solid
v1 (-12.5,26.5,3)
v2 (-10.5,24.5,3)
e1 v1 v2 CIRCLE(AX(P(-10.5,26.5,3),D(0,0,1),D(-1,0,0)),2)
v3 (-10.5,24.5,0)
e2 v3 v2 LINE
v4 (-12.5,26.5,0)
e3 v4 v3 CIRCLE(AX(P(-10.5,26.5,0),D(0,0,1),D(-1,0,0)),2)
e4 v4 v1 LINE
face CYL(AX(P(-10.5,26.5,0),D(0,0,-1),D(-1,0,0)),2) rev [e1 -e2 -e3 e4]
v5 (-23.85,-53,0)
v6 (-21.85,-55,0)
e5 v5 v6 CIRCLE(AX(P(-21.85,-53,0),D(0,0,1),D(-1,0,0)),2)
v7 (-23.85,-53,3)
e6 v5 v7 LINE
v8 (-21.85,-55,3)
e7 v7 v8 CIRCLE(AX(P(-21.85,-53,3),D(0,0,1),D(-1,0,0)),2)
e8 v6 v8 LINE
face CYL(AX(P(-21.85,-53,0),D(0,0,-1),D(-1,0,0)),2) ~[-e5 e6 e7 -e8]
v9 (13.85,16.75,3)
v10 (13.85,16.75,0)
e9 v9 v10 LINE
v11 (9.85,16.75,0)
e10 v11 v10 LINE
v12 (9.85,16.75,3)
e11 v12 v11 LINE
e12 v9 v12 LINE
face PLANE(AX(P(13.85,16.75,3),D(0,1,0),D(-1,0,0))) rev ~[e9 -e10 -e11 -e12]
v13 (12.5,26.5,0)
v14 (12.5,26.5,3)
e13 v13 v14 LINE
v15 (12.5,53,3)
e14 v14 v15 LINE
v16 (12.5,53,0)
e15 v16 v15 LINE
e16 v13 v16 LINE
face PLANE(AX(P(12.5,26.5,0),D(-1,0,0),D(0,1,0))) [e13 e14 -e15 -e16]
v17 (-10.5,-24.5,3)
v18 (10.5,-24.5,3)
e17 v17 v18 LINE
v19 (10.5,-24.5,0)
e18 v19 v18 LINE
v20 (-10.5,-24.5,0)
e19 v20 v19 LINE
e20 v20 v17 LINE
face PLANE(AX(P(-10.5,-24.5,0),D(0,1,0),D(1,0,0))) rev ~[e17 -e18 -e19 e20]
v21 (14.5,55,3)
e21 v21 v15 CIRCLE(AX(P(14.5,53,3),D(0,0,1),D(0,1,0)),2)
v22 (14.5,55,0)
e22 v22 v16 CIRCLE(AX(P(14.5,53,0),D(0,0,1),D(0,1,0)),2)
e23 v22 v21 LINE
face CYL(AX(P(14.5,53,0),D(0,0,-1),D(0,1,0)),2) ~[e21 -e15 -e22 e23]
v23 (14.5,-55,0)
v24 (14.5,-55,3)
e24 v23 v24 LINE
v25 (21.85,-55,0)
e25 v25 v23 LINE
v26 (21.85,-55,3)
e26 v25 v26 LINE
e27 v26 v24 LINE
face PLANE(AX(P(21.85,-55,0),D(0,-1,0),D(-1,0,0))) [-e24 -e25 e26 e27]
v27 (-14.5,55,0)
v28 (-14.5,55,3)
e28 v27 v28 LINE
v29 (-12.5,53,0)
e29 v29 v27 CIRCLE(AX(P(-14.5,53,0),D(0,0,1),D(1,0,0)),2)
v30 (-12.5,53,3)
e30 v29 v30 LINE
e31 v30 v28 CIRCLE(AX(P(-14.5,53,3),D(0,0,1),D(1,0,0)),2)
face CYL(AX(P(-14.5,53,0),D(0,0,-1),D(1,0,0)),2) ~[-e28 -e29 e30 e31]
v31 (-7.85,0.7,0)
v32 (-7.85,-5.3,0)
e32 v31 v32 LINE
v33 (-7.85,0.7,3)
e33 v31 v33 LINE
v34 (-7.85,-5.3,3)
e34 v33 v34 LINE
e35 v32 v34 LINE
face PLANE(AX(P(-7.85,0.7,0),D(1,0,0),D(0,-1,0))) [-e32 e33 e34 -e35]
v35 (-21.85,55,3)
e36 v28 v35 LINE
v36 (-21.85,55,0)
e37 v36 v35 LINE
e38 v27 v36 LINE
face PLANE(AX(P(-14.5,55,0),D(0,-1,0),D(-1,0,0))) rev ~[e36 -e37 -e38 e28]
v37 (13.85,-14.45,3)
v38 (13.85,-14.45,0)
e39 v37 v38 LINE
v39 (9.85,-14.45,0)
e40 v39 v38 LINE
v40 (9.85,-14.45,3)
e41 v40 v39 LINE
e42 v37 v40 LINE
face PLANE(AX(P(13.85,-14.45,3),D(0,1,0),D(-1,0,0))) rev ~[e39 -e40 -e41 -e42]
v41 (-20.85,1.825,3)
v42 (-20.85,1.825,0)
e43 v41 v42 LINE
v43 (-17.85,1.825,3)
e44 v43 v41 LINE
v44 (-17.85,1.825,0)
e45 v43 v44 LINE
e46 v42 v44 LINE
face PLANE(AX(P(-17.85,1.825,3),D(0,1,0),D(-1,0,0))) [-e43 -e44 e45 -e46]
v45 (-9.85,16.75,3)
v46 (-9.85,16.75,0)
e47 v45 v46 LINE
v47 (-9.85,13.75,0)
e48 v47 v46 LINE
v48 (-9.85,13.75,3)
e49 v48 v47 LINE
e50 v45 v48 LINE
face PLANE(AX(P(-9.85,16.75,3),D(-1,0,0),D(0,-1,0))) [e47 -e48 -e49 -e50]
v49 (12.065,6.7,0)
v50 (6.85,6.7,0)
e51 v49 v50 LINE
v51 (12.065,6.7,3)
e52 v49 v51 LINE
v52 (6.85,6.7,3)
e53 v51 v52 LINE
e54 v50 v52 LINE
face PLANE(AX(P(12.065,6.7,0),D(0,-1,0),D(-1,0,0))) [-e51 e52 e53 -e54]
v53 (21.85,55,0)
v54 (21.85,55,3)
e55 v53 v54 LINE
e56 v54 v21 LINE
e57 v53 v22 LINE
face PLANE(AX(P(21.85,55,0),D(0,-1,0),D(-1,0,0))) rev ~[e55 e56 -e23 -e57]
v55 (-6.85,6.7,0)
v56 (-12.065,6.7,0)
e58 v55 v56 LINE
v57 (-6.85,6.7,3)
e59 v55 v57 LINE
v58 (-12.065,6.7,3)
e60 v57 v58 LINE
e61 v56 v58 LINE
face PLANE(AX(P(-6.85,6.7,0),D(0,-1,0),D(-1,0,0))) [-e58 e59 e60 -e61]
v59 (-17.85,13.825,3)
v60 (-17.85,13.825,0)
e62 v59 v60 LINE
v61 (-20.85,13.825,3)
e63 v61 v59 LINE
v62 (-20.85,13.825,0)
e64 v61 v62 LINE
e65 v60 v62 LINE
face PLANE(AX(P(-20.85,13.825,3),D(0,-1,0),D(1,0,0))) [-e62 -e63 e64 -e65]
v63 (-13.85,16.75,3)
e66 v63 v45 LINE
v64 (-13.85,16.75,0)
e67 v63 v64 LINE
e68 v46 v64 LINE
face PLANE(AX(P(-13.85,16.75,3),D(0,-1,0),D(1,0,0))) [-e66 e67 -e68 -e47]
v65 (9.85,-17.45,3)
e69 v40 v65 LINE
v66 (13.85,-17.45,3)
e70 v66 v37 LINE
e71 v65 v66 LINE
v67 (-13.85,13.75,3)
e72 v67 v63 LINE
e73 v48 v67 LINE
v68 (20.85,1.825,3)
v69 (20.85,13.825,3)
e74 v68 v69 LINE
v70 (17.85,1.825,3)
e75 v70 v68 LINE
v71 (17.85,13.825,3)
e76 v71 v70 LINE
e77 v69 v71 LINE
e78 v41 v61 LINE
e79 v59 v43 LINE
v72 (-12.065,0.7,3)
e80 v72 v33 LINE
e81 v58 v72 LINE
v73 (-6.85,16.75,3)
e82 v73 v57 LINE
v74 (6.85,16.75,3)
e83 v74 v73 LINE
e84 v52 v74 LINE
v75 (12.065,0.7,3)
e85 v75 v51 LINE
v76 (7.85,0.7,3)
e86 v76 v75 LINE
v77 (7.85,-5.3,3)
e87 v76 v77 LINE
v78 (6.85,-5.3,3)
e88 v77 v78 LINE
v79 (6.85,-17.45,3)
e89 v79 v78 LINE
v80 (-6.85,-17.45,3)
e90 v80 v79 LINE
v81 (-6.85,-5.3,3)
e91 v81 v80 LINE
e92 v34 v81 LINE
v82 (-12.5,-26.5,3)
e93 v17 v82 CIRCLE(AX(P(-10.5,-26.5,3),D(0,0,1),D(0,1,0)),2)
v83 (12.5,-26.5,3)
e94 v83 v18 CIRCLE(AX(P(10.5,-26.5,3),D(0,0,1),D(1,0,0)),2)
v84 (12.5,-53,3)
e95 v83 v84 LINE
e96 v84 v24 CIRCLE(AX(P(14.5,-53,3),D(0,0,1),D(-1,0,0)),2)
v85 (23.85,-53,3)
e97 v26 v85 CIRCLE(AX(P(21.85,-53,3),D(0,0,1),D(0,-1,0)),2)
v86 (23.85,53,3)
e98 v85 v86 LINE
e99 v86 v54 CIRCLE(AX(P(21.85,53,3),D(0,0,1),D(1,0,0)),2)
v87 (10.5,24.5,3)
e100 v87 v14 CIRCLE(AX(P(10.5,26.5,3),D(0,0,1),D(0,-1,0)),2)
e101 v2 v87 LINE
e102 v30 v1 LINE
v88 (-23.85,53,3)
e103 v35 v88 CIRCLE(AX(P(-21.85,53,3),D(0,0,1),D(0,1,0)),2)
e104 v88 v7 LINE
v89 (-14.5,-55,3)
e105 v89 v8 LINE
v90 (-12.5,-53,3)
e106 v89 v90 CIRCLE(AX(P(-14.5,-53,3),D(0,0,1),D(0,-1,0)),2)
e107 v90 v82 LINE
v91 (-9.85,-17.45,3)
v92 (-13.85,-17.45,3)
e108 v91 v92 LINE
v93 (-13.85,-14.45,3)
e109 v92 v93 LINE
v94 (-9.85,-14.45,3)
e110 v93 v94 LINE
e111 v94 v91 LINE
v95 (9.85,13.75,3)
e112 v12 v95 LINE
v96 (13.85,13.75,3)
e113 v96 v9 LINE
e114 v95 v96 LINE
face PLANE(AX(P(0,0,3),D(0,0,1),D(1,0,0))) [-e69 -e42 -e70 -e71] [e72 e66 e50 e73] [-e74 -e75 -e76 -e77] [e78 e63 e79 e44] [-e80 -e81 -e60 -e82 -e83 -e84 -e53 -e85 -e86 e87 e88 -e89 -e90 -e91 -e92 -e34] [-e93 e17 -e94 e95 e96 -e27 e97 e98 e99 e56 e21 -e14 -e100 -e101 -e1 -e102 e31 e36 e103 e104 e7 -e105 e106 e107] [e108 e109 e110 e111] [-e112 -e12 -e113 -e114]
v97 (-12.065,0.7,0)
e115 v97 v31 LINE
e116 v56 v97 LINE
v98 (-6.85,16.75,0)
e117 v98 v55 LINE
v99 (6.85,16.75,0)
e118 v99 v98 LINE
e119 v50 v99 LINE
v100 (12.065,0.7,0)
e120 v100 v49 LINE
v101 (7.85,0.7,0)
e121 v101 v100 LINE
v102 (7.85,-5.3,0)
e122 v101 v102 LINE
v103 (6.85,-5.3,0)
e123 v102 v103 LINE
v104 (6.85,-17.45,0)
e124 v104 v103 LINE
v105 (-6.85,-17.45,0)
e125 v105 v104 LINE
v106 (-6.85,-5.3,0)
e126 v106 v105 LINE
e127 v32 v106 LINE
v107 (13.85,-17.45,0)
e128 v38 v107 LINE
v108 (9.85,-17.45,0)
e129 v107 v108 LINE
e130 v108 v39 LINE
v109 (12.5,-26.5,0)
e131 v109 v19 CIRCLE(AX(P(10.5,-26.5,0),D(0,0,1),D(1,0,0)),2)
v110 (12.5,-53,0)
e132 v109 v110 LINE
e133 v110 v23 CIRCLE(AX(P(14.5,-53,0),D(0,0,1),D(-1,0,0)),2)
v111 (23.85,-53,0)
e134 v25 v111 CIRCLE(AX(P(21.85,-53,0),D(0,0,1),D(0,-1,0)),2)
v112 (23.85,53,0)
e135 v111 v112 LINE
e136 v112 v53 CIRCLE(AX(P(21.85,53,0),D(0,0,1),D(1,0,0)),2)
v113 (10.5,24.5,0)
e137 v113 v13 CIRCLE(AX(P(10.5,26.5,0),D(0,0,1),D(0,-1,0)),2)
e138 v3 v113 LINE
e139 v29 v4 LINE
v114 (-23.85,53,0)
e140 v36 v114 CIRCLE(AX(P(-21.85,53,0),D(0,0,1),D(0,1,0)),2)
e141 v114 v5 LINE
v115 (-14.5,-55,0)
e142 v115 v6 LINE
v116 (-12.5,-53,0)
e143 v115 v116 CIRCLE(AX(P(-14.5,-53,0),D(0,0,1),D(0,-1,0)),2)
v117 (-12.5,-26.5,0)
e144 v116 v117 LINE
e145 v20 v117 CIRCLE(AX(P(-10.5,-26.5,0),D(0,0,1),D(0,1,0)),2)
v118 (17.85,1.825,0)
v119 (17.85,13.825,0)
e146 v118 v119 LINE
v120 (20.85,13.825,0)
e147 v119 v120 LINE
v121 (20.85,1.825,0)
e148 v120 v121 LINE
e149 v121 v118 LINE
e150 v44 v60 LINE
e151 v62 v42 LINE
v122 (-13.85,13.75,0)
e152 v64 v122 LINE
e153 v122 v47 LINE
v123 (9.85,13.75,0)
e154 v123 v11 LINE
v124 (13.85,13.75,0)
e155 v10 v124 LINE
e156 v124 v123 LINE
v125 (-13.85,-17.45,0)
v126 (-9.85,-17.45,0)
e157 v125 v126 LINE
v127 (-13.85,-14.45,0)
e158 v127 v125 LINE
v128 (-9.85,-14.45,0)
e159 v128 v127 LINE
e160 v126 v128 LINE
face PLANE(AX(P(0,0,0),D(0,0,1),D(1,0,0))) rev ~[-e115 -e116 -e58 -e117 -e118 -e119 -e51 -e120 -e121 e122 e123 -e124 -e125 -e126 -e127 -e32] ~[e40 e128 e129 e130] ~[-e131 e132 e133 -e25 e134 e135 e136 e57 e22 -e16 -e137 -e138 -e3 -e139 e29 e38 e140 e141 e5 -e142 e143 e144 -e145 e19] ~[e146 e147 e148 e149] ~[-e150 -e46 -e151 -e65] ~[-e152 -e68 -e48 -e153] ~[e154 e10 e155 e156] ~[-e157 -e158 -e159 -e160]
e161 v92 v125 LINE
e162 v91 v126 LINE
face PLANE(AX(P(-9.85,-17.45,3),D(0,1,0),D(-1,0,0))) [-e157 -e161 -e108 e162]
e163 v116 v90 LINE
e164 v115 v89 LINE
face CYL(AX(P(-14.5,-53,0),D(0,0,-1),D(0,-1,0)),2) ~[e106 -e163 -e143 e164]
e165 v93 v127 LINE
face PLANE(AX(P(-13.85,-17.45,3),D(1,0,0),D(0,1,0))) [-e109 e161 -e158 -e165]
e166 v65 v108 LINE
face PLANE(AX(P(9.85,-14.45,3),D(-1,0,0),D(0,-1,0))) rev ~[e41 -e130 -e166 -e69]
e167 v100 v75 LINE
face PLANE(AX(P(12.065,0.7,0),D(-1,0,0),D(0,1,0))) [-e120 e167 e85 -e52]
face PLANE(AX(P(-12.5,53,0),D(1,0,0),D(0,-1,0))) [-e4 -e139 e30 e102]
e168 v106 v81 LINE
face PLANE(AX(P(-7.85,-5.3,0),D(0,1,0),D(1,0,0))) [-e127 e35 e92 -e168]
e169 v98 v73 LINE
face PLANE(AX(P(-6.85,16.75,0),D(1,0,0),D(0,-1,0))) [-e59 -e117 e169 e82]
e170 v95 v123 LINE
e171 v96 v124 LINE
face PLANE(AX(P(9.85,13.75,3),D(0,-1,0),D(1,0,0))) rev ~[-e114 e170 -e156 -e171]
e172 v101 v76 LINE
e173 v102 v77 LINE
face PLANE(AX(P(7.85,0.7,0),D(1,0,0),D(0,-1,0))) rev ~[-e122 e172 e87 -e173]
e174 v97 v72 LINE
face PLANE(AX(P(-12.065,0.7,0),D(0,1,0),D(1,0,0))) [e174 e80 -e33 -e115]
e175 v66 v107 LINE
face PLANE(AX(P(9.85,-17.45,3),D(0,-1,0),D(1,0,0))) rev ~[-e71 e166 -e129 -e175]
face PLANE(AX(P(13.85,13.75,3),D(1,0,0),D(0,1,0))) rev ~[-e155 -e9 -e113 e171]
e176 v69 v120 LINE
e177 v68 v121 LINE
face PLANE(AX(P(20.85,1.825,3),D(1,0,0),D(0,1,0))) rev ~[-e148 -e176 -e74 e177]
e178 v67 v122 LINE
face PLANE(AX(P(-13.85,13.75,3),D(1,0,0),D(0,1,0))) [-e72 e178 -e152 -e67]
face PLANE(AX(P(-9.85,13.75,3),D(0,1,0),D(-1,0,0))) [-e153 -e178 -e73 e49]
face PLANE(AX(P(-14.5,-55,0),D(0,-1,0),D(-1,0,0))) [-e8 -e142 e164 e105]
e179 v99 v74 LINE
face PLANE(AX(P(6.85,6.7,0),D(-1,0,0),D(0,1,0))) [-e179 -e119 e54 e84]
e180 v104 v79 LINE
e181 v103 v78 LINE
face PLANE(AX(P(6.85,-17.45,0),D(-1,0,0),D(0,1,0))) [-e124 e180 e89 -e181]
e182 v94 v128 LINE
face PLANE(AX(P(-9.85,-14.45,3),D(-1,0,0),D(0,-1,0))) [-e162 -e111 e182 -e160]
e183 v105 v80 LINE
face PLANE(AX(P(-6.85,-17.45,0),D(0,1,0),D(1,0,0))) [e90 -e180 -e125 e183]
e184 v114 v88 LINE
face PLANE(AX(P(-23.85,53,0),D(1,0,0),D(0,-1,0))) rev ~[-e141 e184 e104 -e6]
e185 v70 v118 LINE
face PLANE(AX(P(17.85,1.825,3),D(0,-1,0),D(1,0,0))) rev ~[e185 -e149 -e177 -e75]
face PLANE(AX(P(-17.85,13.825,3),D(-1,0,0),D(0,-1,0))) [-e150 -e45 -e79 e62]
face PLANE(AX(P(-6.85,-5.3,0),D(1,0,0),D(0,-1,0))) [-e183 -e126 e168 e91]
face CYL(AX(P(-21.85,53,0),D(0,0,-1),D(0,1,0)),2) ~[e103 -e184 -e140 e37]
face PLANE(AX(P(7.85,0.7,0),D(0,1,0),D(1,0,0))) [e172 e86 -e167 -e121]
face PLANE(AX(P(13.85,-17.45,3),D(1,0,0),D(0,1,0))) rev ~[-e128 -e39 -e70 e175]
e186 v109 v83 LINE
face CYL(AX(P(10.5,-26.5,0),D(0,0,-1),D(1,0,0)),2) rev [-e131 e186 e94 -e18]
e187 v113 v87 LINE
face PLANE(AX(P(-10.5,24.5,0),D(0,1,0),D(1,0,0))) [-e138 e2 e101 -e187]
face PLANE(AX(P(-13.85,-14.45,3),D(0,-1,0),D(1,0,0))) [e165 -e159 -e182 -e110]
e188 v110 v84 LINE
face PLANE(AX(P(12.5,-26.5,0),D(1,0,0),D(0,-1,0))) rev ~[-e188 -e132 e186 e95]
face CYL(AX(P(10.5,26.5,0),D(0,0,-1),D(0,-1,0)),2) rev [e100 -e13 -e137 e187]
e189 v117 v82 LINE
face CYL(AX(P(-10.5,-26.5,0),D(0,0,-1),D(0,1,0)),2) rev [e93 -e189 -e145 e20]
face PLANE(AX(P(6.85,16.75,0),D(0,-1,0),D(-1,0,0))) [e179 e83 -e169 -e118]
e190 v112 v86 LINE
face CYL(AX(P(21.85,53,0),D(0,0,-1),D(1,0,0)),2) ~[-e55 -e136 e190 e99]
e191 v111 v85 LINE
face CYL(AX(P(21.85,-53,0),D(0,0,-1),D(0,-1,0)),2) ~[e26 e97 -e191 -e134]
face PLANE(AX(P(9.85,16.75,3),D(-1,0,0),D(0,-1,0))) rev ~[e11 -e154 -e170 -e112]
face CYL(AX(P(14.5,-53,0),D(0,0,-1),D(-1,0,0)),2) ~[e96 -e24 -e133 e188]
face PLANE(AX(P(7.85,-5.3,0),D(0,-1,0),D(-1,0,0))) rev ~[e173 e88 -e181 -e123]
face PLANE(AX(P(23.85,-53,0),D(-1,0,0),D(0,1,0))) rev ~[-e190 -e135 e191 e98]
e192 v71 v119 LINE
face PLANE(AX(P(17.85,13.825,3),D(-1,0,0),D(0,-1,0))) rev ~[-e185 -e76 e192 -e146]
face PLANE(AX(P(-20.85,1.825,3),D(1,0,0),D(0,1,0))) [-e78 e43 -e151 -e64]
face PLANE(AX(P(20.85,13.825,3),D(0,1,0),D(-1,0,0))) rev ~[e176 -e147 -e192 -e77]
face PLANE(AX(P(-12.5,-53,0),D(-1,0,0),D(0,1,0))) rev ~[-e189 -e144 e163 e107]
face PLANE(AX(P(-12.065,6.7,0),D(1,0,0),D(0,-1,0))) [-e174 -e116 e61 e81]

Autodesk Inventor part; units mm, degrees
ref_plane "YZ Plane" through (0, 0, 0) normal (1, 0, 0) x (0, 1, 0)
ref_plane "XZ Plane" through (0, 0, 0) normal (0, 1, 0) x (-1, 0, 0)
ref_plane "XY Plane" through (0, 0, 0) normal (0, 0, 1) x (1, 0, 0)
sketch "草圖1" plane through (0, 0, 0) normal (0, 0, 1) x (1, 0, 0)
  line L0 (-23.85, -55) -> (23.85, 55) construction
  line L1 (23.85, -55) -> (-23.85, 55) construction
  line L2 (0, 127.5618) -> (0, -161.5218) construction
  line L3 (-23.85, 53) -> (-23.85, -53)
  line L4 (23.85, -53) -> (23.85, 53)
  line L5 (-10.5, 24.5) -> (10.5, 24.5)
  line L6 (12.5, 26.5) -> (12.5, 53)
  line L7 (-12.5, 53) -> (-12.5, 26.5)
  line L8 (-12.5, 24.5) -> (12.5, 55) construction
  line L9 (12.5, 24.5) -> (-12.5, 55) construction
  line L10 (21.85, 55) -> (14.5, 55)
  line L11 (-14.5, 55) -> (-21.85, 55)
  arc A0 (-12.5, 53) -> (-14.5, 55) centre (-14.5, 53) ccw
  arc A1 (14.5, 55) -> (12.5, 53) centre (14.5, 53) ccw
  arc A2 (-12.5, 26.5) -> (-10.5, 24.5) centre (-10.5, 26.5) ccw
  arc A3 (10.5, 24.5) -> (12.5, 26.5) centre (10.5, 26.5) ccw
  arc A4 (-21.85, 55) -> (-23.85, 53) centre (-21.85, 53) ccw
  arc A5 (23.85, 53) -> (21.85, 55) centre (21.85, 53) ccw
  line L12 (-82.8249, 0) -> (86.4934, 0) construction
  line L13 (-10.5, -24.5) -> (10.5, -24.5)
  line L14 (12.5, -26.5) -> (12.5, -53)
  line L15 (-12.5, -53) -> (-12.5, -26.5)
  line L16 (-12.5, -24.5) -> (12.5, -55) construction
  line L17 (12.5, -24.5) -> (-12.5, -55) construction
  line L18 (21.85, -55) -> (14.5, -55)
  line L19 (-14.5, -55) -> (-21.85, -55)
  arc A6 (-14.5, -55) -> (-12.5, -53) centre (-14.5, -53) ccw
  arc A7 (12.5, -53) -> (14.5, -55) centre (14.5, -53) ccw
  arc A8 (-10.5, -24.5) -> (-12.5, -26.5) centre (-10.5, -26.5) ccw
  arc A9 (12.5, -26.5) -> (10.5, -24.5) centre (10.5, -26.5) ccw
  arc A10 (-23.85, -53) -> (-21.85, -55) centre (-21.85, -53) ccw
  arc A11 (21.85, -55) -> (23.85, -53) centre (21.85, -53) ccw
  line L20 (-21.85, -55) -> (-14.5, -55)
  line L21 (14.5, -55) -> (21.85, -55)
  line L22 (-6.85, -17.45) -> (6.85, -17.45)
  line L23 (6.85, 16.75) -> (-6.85, 16.75)
  line L24 (12.065, 0.7) -> (12.065, 6.7)
  line L25 (-12.065, 6.7) -> (-12.065, 0.7)
  line L26 (-12.065, 0.7) -> (12.065, 6.7) construction
  line L27 (12.065, 0.7) -> (-12.065, 6.7) construction
  line L28 (-6.85, 16.75) -> (-6.85, 6.7)
  line L29 (6.85, 6.7) -> (6.85, 16.75)
  line L30 (12.065, 6.7) -> (6.85, 6.7)
  line L31 (7.85, 0.7) -> (12.065, 0.7)
  line L32 (-12.065, 0.7) -> (-7.85, 0.7)
  line L33 (-6.85, 6.7) -> (-12.065, 6.7)
  line L34 (-7.85, 0.7) -> (-7.85, -5.3)
  line L35 (-7.85, -5.3) -> (-6.85, -5.3)
  line L36 (-6.85, -5.3) -> (-6.85, -17.45)
  line L37 (7.85, 0.7) -> (7.85, -5.3)
  line L38 (7.85, -5.3) -> (6.85, -5.3)
  line L39 (6.85, -17.45) -> (6.85, -5.3)
  point P0 (0, 0)
  point P1 (0, 39.75)
  point P2 (0, -39.75)
  point P3 (0, 3.7)
  point P4 (12.065, 3.7)
  point P5 (-23.85, -53)
  dimension "d0" = 47.7
  dimension "d22" = 25
  dimension "d24" = 2
  dimension "d25" = 2
  dimension "d26" = 34.2
  dimension "d27" = 13.7
  dimension "d28" = 6
  dimension "d30" = 24.13
  dimension "d31" = 10.05
  dimension "d97" = 6
  dimension "d98" = 1
  dimension "d101" = 0.7
  dimension "d103" = 110
  dimension "d104" = 7.75
extrude "擠出1" add sketch "草圖1" along normal blind 3
sketch "草圖3" plane through (0, 0, 3) normal (0, 0, 1) x (1, 0, 0)
  line L0 (-88.1264, 0) -> (75.7938, 0)
  line L1 (0, 123.8394) -> (0, -129.4918)
  point P0 (0, 0)
sketch "草圖5" plane through (0, 0, 3) normal (0, 0, 1) x (1, 0, 0)
  line L0 (-9.85, -17.45) -> (-13.85, -17.45)
  line L1 (-13.85, -17.45) -> (-13.85, -14.45)
  line L2 (-13.85, -14.45) -> (-9.85, -14.45)
  line L3 (-9.85, -14.45) -> (-9.85, -17.45)
  line L4 (6.85, -17.45) -> (-6.85, -17.45) projected
  line L5 (-9.85, 13.75) -> (-13.85, 13.75)
  line L6 (-13.85, 13.75) -> (-13.85, 16.75)
  line L7 (-13.85, 16.75) -> (-9.85, 16.75)
  line L8 (-9.85, 16.75) -> (-9.85, 13.75)
  line L9 (-6.85, 16.75) -> (6.85, 16.75) projected
  line L10 (0, 31.1544) -> (0, -25.4134)
  line L11 (9.85, -17.45) -> (13.85, -17.45)
  line L12 (13.85, -17.45) -> (13.85, -14.45)
  line L13 (13.85, -14.45) -> (9.85, -14.45)
  line L14 (9.85, -14.45) -> (9.85, -17.45)
  line L15 (13.85, 16.75) -> (9.85, 16.75)
  line L16 (13.85, 13.75) -> (13.85, 16.75)
  line L17 (9.85, 13.75) -> (13.85, 13.75)
  line L18 (9.85, 16.75) -> (9.85, 13.75)
  line L19 (-17.85, 1.825) -> (-20.85, 1.825)
  line L20 (-20.85, 1.825) -> (-20.85, 13.825)
  line L21 (-20.85, 13.825) -> (-17.85, 13.825)
  line L22 (-17.85, 13.825) -> (-17.85, 1.825)
  line L23 (17.85, 1.825) -> (20.85, 1.825)
  line L24 (20.85, 1.825) -> (20.85, 13.825)
  line L25 (20.85, 13.825) -> (17.85, 13.825)
  line L26 (17.85, 13.825) -> (17.85, 1.825)
  line L27 (-6.85, -17.45) -> (-6.85, 16.75) construction
  point P0 (0, 0)
  dimension "d60" = 4
  dimension "d62" = 3
  dimension "d64" = 3
  dimension "d66" = 3
  dimension "d67" = 12
  dimension "d96" = 3
  dimension "d100" = 11
  dimension "d102" = 0.075
extrude "擠出4" cut sketch "草圖5" against normal up to next
properties part number "main_frame" material "木材 (楓木)"
